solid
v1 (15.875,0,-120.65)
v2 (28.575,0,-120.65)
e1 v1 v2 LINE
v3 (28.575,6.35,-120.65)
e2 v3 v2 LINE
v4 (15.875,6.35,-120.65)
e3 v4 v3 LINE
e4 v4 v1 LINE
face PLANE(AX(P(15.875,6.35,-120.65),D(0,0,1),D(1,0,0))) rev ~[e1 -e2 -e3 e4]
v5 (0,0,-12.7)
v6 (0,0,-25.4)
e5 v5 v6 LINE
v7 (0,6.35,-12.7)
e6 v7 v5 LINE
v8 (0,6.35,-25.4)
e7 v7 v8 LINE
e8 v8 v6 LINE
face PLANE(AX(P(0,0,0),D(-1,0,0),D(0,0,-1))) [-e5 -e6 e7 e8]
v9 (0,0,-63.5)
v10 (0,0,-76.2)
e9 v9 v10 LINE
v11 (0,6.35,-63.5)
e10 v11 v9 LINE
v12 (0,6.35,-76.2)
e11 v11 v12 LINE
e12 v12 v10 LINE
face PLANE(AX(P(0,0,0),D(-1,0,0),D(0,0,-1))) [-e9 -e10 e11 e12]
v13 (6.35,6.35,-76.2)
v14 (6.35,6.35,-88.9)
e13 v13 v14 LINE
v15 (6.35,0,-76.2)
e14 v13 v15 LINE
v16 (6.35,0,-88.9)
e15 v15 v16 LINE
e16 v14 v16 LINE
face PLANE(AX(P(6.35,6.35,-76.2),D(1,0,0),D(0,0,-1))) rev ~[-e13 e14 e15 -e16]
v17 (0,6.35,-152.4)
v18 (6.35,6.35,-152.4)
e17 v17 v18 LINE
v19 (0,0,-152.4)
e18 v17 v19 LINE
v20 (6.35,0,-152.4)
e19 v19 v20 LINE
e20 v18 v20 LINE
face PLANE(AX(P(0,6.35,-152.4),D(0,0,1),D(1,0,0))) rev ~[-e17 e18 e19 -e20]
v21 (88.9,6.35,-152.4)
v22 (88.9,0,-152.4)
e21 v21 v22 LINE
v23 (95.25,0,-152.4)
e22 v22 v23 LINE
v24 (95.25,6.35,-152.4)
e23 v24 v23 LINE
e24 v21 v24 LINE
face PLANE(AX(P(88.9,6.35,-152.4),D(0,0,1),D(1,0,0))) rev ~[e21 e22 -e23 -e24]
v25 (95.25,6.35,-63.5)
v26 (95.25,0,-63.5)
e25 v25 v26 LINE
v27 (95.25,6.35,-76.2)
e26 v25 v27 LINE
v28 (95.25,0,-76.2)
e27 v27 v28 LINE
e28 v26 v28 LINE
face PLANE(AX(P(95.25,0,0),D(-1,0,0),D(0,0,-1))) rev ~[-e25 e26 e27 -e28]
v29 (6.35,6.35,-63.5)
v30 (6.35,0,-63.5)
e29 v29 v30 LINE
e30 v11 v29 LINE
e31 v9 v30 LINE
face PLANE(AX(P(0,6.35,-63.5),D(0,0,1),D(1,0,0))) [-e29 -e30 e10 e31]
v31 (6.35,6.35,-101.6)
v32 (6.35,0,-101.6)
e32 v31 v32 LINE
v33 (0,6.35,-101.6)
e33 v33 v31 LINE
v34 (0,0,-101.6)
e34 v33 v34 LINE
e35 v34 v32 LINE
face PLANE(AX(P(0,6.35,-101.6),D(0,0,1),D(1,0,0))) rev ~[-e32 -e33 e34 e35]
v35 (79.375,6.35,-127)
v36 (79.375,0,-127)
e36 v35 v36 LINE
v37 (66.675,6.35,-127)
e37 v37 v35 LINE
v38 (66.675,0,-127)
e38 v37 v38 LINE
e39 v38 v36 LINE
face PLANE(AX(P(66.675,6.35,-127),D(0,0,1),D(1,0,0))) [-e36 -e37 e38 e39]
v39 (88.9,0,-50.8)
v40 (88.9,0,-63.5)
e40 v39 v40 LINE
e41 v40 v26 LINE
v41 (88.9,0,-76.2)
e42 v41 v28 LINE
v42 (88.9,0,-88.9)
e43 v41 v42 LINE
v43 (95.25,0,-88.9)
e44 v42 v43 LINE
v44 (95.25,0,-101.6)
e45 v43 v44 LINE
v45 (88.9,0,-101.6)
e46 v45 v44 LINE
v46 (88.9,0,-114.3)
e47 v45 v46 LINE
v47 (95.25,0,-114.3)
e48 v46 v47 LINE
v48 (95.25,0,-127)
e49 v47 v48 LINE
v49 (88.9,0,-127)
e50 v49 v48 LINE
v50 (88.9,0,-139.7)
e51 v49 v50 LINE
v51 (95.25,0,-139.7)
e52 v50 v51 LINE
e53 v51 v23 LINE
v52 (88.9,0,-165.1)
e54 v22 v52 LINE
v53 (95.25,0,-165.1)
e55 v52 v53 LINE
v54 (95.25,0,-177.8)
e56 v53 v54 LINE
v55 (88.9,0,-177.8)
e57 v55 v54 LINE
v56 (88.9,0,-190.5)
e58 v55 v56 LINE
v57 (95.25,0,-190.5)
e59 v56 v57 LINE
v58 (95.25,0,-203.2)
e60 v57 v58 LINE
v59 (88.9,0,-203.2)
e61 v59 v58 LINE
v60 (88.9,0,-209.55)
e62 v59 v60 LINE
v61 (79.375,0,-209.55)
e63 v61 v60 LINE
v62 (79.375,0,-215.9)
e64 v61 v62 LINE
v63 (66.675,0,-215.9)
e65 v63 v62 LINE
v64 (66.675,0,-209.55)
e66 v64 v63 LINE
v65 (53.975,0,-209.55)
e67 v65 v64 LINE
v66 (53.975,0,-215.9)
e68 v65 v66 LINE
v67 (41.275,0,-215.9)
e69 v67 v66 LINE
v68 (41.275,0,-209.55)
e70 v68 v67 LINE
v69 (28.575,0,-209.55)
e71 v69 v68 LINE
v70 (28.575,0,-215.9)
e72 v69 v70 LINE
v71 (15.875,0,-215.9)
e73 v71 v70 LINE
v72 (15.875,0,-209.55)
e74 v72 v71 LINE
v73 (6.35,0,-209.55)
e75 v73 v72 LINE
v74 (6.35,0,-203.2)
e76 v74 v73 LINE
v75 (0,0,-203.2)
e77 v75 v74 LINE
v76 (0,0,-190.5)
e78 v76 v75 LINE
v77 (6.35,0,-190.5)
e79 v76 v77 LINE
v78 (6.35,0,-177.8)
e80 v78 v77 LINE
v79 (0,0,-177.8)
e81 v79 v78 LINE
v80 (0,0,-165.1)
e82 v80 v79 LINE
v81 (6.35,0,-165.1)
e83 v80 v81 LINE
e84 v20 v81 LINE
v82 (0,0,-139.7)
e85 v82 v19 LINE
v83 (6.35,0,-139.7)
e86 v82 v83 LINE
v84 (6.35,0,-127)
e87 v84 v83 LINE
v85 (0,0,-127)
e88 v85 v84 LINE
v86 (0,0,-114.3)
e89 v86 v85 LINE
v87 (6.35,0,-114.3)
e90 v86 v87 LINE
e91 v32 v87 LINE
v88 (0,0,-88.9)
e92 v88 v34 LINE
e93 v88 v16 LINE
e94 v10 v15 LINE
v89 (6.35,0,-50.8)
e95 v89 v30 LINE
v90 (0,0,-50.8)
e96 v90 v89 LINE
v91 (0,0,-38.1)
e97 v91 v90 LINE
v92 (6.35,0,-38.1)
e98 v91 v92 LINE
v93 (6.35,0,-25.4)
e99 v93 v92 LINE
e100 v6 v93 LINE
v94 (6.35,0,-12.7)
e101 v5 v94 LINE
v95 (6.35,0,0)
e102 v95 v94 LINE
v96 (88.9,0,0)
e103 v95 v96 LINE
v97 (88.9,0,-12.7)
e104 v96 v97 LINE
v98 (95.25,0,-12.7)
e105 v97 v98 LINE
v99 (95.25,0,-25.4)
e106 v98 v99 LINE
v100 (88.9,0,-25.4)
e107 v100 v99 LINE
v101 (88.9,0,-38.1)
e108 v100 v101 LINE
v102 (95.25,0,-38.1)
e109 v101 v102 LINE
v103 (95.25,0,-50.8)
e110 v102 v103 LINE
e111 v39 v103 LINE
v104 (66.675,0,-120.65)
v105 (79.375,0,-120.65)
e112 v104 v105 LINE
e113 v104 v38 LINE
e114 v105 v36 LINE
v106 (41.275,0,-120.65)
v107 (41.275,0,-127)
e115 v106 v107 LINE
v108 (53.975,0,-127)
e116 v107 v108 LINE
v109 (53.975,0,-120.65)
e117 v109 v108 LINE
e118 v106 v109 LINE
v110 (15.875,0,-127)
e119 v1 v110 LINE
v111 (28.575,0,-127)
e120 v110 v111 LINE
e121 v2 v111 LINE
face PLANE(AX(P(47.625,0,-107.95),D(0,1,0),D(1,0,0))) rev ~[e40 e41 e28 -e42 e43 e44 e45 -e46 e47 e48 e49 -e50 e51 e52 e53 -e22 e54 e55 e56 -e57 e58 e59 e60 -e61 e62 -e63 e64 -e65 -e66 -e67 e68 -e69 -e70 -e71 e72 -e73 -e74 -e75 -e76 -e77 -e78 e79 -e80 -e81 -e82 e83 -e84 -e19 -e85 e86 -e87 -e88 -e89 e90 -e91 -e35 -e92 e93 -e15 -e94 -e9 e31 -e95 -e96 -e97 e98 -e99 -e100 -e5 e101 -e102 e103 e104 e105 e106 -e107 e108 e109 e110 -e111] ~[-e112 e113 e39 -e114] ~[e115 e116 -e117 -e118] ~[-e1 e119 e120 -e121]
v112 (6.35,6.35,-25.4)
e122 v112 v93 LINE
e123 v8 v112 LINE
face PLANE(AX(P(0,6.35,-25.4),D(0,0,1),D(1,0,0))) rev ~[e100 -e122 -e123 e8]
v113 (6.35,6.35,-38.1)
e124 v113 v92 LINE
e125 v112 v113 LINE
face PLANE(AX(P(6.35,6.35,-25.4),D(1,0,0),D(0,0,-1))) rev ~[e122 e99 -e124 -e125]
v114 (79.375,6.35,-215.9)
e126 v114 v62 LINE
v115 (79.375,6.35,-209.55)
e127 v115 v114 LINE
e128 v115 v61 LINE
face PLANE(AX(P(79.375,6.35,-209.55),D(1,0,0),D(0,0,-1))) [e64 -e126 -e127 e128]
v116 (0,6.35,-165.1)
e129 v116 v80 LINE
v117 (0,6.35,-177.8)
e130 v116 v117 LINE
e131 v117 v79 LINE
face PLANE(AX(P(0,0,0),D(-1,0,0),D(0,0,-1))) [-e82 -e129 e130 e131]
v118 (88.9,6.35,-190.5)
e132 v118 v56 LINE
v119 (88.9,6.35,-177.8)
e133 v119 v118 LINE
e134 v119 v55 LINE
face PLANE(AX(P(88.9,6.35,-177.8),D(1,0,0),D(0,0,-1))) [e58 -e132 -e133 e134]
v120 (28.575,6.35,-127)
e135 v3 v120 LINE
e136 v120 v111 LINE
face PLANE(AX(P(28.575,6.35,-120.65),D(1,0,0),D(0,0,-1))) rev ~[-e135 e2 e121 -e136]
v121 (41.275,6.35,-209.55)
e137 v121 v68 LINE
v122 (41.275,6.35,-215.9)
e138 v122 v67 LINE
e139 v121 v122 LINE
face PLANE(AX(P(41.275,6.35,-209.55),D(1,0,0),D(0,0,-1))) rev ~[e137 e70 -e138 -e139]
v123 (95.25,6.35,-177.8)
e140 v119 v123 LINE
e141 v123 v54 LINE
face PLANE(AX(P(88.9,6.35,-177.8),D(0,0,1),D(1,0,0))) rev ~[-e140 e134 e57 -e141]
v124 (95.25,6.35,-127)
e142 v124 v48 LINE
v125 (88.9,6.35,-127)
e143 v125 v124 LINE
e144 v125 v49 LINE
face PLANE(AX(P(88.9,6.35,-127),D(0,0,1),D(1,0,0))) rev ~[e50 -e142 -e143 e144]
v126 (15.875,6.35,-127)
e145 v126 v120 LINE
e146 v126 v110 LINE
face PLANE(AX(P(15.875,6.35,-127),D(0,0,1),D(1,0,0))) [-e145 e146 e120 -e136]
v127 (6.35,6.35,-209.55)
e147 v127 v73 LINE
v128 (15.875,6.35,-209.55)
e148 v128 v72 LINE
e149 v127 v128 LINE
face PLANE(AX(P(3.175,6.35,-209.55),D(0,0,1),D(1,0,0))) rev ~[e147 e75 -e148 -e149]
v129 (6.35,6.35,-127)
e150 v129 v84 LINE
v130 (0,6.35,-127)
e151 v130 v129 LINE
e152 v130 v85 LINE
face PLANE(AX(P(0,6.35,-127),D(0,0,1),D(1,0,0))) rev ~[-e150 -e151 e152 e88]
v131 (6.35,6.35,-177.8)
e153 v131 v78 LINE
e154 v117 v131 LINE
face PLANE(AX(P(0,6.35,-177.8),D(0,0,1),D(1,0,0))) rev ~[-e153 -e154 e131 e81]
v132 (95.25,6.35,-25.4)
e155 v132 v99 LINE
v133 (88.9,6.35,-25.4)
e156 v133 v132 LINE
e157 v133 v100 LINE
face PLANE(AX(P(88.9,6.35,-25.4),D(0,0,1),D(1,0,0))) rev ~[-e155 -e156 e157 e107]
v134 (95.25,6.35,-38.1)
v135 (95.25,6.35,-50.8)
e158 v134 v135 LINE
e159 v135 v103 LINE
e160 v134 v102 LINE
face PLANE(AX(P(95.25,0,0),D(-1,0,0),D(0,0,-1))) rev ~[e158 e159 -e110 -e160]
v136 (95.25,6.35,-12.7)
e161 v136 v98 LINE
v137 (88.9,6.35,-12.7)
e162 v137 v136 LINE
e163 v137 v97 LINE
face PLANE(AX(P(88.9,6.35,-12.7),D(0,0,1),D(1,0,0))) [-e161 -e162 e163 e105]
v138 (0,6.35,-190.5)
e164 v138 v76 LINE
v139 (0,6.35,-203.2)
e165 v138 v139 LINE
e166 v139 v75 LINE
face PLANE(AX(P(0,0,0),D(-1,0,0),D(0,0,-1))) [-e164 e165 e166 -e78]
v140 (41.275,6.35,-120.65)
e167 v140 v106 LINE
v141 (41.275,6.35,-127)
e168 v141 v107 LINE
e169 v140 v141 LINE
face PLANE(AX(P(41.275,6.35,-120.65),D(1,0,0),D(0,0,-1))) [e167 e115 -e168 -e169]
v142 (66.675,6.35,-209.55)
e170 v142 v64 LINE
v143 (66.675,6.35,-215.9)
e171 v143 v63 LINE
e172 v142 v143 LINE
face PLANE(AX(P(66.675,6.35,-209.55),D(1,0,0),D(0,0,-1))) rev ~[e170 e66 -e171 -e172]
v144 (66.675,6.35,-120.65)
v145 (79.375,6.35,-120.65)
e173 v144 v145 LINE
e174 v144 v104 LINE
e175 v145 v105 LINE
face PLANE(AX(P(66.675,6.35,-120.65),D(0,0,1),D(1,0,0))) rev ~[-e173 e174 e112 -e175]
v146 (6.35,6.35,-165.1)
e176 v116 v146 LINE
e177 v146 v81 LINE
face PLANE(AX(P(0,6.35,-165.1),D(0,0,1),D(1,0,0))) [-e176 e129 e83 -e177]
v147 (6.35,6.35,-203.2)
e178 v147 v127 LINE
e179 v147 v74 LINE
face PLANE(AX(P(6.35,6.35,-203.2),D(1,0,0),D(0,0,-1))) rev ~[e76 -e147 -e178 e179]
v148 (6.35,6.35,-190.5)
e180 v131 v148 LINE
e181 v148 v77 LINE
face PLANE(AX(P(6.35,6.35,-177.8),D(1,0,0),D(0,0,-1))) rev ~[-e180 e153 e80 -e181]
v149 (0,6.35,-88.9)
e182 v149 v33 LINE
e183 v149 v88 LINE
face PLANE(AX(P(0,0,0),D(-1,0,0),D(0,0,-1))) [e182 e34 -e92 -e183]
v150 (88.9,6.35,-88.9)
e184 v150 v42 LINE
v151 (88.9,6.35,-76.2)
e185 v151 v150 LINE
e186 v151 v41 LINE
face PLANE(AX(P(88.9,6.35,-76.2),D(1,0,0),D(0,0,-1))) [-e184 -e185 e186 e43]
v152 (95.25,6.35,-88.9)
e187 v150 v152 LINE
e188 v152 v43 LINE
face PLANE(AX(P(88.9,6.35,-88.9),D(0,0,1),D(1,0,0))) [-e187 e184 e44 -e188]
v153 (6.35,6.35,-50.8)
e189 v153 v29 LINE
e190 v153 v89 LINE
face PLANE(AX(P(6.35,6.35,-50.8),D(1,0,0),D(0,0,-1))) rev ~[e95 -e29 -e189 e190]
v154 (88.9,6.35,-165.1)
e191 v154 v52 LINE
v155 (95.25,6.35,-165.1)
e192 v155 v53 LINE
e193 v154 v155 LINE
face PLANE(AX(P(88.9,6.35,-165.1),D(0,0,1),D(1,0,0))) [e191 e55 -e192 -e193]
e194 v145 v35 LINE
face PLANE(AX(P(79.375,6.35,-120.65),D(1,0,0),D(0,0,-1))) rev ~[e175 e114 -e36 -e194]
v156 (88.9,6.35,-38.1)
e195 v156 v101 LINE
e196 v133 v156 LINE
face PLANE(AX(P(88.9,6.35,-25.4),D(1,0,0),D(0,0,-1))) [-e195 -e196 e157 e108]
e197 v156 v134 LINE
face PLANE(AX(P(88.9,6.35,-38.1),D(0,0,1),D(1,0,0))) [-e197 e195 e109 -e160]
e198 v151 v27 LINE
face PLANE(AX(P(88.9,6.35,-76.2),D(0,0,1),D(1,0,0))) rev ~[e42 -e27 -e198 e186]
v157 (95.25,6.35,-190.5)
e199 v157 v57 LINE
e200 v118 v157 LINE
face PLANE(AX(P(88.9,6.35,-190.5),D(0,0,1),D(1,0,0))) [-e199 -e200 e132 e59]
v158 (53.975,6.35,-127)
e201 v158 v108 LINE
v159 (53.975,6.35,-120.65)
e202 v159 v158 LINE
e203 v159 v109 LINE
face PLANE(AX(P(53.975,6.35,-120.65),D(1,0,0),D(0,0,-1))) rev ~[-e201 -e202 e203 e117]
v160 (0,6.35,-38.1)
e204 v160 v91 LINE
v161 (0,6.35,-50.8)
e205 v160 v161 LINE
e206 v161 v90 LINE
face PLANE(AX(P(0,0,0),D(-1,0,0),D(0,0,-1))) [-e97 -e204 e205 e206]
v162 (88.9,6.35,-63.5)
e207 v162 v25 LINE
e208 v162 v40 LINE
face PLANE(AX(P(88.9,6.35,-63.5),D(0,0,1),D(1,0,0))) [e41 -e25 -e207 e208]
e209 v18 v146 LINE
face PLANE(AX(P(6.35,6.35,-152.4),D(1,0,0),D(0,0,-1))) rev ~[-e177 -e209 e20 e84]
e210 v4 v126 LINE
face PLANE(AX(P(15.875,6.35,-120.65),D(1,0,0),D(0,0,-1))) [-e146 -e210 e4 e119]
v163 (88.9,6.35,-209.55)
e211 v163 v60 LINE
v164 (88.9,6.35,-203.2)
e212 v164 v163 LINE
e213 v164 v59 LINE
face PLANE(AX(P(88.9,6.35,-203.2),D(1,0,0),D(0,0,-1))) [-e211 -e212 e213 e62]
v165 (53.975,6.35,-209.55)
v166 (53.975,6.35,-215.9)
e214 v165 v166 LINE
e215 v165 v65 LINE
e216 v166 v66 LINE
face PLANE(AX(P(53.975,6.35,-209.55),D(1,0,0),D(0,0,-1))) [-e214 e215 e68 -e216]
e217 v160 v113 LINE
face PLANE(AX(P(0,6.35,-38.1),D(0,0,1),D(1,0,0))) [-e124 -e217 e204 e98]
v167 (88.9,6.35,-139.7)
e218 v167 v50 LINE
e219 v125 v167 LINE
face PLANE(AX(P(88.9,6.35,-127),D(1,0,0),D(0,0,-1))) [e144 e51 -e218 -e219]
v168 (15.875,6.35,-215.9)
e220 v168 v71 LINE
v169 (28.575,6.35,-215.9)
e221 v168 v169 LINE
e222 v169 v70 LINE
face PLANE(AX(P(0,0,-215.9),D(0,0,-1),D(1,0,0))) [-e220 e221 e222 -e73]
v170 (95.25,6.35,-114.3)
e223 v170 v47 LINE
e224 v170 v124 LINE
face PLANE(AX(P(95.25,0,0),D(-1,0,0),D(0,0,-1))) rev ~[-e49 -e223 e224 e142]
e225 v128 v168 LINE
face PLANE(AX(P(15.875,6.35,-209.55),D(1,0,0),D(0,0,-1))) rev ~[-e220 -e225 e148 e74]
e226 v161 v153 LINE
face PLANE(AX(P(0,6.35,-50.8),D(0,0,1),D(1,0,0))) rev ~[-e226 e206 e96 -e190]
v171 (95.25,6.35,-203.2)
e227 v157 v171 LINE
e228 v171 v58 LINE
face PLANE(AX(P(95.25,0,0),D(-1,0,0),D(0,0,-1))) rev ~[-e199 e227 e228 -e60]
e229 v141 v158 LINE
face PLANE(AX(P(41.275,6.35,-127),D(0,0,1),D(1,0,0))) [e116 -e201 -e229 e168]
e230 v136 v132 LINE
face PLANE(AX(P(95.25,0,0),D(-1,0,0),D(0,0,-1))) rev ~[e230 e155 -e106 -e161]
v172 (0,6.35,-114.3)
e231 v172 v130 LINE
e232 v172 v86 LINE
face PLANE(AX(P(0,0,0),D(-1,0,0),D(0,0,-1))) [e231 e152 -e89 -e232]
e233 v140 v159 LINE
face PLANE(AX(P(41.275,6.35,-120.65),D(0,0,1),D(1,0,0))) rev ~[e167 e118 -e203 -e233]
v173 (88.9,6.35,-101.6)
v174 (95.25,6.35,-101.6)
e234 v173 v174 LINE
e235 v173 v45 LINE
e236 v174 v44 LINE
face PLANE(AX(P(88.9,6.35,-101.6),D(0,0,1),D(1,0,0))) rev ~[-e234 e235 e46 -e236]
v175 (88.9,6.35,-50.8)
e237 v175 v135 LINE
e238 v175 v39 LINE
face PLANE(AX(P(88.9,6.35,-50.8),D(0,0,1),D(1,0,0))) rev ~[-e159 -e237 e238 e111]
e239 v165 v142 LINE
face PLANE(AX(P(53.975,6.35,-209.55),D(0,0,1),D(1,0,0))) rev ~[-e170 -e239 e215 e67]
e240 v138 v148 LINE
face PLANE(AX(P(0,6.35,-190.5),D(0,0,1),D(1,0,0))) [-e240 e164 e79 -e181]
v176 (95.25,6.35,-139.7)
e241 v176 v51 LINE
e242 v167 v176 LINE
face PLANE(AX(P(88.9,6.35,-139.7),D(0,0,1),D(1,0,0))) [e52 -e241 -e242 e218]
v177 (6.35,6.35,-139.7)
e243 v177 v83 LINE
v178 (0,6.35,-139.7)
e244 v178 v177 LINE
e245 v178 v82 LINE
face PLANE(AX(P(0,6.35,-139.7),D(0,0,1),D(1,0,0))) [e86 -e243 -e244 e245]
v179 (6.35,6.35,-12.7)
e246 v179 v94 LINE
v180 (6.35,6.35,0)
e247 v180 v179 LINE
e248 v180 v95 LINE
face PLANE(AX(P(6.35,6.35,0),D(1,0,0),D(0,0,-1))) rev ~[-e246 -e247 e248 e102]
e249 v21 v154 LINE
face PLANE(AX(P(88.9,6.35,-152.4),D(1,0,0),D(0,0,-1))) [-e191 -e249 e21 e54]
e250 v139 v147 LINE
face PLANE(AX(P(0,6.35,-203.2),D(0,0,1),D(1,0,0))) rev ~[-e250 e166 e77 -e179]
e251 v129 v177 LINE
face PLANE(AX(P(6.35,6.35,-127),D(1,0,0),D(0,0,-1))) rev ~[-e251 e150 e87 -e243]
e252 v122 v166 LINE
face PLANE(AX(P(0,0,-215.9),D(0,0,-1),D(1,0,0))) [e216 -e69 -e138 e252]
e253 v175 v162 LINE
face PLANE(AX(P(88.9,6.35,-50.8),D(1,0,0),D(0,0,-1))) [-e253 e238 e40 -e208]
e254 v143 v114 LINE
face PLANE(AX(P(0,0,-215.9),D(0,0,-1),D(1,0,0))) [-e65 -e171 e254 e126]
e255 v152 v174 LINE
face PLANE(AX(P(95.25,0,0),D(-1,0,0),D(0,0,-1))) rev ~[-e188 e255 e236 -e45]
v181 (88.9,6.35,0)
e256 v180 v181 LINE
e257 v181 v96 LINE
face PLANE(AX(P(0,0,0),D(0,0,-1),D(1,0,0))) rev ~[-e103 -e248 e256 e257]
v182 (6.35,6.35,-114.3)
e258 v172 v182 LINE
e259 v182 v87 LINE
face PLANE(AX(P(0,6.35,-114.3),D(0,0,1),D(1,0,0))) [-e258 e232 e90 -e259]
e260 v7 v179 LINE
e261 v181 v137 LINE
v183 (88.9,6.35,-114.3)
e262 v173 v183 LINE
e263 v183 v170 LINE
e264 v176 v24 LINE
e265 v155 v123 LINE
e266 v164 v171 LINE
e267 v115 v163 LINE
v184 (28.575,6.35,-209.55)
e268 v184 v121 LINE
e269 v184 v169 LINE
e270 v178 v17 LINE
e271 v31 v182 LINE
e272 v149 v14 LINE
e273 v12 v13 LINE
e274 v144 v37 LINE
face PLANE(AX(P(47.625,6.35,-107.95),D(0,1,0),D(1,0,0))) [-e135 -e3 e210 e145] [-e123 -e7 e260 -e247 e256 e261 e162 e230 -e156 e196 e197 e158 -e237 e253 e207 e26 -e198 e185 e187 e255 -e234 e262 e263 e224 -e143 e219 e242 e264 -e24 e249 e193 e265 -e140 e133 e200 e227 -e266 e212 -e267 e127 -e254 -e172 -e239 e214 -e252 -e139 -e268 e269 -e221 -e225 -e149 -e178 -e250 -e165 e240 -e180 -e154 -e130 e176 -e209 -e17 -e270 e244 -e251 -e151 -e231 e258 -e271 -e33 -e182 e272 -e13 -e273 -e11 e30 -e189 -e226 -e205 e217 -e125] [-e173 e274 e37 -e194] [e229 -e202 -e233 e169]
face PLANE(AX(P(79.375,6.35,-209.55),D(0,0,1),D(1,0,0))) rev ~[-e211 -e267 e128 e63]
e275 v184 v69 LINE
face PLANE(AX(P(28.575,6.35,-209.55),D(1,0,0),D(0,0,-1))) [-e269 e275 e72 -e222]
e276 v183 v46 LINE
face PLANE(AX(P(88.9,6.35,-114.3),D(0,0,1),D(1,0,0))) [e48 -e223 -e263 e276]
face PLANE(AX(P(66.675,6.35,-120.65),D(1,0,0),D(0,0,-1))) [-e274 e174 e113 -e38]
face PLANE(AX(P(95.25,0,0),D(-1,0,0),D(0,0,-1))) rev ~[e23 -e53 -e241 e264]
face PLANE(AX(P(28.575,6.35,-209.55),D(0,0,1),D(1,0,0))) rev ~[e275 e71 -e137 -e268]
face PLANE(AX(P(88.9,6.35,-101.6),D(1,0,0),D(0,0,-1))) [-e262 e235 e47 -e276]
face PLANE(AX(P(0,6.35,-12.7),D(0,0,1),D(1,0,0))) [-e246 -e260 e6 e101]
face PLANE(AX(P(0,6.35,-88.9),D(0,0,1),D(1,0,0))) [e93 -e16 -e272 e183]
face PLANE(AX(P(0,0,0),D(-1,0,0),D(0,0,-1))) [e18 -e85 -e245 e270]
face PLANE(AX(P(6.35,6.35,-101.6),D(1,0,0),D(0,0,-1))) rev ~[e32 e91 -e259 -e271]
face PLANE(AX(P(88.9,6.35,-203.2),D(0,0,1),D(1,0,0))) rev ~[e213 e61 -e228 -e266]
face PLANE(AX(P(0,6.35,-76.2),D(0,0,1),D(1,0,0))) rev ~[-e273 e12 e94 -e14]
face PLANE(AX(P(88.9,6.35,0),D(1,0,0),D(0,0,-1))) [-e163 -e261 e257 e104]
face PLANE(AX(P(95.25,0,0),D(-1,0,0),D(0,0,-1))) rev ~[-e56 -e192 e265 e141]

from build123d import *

# Parameters (mm, degrees)
SKETCH1_W           = 95.25
SKETCH1_H           = 215.9
BOSS_EXTRUDE1_DEPTH = 6.35
SKETCH2_W           = 6.35
SKETCH2_H           = 12.7
CUT_EXTRUDE1_DEPTH  = 7.35
LPATTERN1_COUNT     = 10
LPATTERN1_PITCH     = 25.4
SKETCH3_W           = 12.7
SKETCH3_H           = 6.35
CUT_EXTRUDE2_DEPTH  = 7.35
LPATTERN2_COUNT     = 2
LPATTERN2_PITCH     = 25.4
LPATTERN2_COL_COUNT = 3
LPATTERN2_COL_PITCH = 25.4
SKETCH4_W           = 12.7
SKETCH4_H           = 6.35
CUT_EXTRUDE3_DEPTH  = 7.35


with BuildPart() as part:
    # Sketch1 → Boss-Extrude1 (new body)
    with BuildSketch(Plane(origin=(0, 0, 0), x_dir=(1, 0, 0), z_dir=(0, 1, 0))):
        with Locations((47.625, 107.95)):
            Rectangle(SKETCH1_W, SKETCH1_H)
    extrude(amount=BOSS_EXTRUDE1_DEPTH)

    # Sketch2 → Cut-Extrude1 (cut, through all)
    with BuildSketch(Plane(origin=(0, 6.35, 0), x_dir=(1, 0, 0), z_dir=(0, 1, 0))):
        with Locations((3.175, 209.55)):
            Rectangle(SKETCH2_W, SKETCH2_H)
        with Locations((92.075, 209.55)):
            Rectangle(SKETCH2_W, SKETCH2_H)
    cut_extrude1 = extrude(amount=-CUT_EXTRUDE1_DEPTH, mode=Mode.SUBTRACT)

    # LPattern1: Cut-Extrude1 ×10
    with Locations(*[(0, 0, i * LPATTERN1_PITCH) for i in range(1, LPATTERN1_COUNT)]):
        add(cut_extrude1, mode=Mode.SUBTRACT)

    # Sketch3 → Cut-Extrude2 (cut, through all)
    with BuildSketch(Plane(origin=(0, 6.35, 0), x_dir=(1, 0, 0), z_dir=(0, 1, 0))):
        with Locations((34.925, 212.725)):
            Rectangle(SKETCH3_W, SKETCH3_H)
    cut_extrude2 = extrude(amount=-CUT_EXTRUDE2_DEPTH, mode=Mode.SUBTRACT)

    # LPattern2: Cut-Extrude2 ×2
    with Locations(*[(-i * LPATTERN2_PITCH, 0, 0) for i in range(1, LPATTERN2_COUNT)]):
        add(cut_extrude2, mode=Mode.SUBTRACT)

    # LPattern2 col: Cut-Extrude2 ×3
    with Locations(*[(i * LPATTERN2_COL_PITCH, 0, 0) for i in range(1, LPATTERN2_COL_COUNT)]):
        add(cut_extrude2, mode=Mode.SUBTRACT)

    # Sketch4 → Cut-Extrude3 (cut, through all)
    with BuildSketch(Plane(origin=(0, 6.35, 0), x_dir=(1, 0, 0), z_dir=(0, 1, 0))):
        with Locations((22.225, 123.825)):
            Rectangle(SKETCH4_W, SKETCH4_H)
        with Locations((47.625, 123.825)):
            Rectangle(SKETCH4_W, SKETCH4_H)
        with Locations((73.025, 123.825)):
            Rectangle(SKETCH4_W, SKETCH4_H)
    extrude(amount=-CUT_EXTRUDE3_DEPTH, mode=Mode.SUBTRACT)


solid = part.part
